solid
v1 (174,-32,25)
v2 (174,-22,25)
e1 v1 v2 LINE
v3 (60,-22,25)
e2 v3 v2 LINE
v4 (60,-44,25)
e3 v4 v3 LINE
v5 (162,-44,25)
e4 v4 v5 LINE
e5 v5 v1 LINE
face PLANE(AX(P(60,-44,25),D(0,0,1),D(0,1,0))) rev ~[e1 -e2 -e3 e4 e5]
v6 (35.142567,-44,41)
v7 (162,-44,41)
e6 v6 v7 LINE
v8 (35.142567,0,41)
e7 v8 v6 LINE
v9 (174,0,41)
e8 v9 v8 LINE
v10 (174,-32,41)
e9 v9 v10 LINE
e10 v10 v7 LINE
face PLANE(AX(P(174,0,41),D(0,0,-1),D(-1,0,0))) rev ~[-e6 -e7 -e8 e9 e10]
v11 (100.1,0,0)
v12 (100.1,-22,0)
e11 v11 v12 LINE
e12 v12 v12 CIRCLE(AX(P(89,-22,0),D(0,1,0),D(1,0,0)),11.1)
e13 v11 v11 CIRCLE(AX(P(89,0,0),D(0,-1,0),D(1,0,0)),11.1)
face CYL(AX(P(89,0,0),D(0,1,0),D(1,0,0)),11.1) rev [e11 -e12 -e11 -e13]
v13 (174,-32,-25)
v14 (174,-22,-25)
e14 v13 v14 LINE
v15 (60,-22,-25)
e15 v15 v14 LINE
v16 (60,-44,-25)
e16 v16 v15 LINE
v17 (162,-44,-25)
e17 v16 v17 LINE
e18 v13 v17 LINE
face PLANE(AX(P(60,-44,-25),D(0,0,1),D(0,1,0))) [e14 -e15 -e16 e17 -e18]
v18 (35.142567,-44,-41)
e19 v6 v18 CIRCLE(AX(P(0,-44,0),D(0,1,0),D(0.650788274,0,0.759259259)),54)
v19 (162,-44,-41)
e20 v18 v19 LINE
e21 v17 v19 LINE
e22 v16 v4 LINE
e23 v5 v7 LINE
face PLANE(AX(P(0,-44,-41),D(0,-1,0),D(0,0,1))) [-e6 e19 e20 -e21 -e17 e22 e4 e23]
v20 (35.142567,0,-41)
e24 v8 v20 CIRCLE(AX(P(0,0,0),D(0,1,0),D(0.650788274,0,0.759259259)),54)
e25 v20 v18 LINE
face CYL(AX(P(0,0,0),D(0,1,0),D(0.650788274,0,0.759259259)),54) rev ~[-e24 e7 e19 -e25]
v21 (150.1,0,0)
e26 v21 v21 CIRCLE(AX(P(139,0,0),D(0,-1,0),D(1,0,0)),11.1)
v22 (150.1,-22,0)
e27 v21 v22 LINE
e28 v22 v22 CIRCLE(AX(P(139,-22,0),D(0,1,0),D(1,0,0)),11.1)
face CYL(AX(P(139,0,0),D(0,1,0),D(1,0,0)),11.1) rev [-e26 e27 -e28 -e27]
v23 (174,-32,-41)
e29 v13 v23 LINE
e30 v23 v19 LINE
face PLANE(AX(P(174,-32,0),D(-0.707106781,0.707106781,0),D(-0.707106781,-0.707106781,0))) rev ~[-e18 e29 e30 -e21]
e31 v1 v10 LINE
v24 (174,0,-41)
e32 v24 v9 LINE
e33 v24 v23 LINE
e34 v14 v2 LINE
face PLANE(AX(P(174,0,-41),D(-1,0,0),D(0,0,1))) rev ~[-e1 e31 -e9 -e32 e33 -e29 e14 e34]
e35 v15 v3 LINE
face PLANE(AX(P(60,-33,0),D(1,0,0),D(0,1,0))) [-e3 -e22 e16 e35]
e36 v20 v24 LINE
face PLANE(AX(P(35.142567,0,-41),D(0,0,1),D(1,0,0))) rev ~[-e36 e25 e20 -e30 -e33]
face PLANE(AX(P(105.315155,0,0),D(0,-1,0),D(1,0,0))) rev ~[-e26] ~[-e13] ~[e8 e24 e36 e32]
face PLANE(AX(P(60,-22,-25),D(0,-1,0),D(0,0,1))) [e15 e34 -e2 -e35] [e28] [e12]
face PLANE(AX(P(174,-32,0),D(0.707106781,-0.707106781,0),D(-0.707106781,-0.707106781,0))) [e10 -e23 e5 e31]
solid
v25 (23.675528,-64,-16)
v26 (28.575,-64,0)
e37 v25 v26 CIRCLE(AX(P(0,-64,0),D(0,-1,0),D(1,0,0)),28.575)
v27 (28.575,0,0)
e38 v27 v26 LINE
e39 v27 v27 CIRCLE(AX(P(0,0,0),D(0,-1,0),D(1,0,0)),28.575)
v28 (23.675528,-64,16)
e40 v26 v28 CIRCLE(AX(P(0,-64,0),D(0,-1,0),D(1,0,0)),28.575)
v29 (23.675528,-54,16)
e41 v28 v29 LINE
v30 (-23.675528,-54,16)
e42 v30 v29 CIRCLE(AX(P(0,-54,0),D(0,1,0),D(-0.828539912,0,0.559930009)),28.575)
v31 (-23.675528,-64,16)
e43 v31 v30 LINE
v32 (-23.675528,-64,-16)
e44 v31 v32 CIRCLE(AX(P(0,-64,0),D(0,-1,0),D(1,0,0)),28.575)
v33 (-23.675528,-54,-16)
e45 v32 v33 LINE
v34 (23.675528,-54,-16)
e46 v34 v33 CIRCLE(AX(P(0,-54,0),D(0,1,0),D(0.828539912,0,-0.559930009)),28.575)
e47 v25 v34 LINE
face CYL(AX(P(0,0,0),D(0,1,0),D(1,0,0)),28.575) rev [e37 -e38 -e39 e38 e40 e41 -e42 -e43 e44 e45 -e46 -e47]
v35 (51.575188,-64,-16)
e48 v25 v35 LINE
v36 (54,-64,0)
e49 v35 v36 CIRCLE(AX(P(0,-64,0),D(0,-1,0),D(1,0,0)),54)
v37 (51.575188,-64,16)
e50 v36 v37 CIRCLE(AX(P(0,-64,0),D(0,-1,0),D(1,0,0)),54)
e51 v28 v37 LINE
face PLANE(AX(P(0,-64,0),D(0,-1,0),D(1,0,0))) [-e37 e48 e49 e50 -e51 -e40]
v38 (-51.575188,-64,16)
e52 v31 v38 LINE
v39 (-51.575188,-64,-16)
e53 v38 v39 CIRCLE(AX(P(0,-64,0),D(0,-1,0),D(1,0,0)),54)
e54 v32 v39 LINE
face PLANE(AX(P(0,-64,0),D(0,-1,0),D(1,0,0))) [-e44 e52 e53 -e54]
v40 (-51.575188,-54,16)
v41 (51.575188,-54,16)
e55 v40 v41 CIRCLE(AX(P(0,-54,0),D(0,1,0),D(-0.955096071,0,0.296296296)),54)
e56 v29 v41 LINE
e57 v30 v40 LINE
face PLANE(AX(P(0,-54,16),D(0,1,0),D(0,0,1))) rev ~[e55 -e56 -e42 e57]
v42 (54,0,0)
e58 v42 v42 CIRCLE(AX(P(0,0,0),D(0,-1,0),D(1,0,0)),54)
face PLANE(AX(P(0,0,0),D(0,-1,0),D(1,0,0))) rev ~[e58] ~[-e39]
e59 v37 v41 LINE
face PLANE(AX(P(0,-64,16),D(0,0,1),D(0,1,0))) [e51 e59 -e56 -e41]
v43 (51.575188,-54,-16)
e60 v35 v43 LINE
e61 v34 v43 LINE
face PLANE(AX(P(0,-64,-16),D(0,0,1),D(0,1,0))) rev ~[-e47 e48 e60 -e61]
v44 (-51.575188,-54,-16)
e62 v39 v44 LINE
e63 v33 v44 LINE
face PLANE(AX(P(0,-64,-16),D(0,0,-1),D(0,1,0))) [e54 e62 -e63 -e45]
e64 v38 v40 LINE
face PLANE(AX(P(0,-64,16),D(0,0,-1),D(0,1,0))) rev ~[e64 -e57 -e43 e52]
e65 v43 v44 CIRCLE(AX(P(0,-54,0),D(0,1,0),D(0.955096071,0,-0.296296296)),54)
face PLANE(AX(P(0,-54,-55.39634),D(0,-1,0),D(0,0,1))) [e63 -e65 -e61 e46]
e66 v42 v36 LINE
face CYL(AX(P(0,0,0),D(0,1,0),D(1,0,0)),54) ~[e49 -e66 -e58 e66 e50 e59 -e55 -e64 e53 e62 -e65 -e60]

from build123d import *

# Parameters (mm, degrees)
F0_R           = 54
F0_R_2         = 28.575
F1_DEPTH       = 64
F2_R           = 11.1
F3_DEPTH       = 64
F4_W           = 20
F4_H           = 82
F5_DEPTH       = 174.001
F6_W           = 10
F6_H           = 39.3963404596
F7_DEPTH       = 54.001
F7_DEPTH_BACK  = 174.001
F9_START       = 60
F8_W           = 22
F8_H           = 50
F9_DEPTH       = 114
F11_DEPTH      = 54.001
F11_DEPTH_BACK = 54.001


with BuildPart() as f1:
    # F0 (on Front) → F1 (new body)
    with BuildSketch(Plane.XZ):
        Circle(F0_R)
        Circle(F0_R_2, mode=Mode.SUBTRACT)
    extrude(amount=F1_DEPTH)

    # F6 (on Right) → F7 (cut, two sides)
    with BuildSketch(Plane.YZ) as f7_sk:
        Polygon((-64.0240318326, 54.6036595404), (-64, 16), (-54, 16), (-54, 54.6036595404), align=None)
        with Locations((-59, -35.6981702298)):
            Rectangle(F6_W, F6_H)
    extrude(amount=-F7_DEPTH, mode=Mode.SUBTRACT)
    extrude(f7_sk.sketch, amount=F7_DEPTH_BACK, mode=Mode.SUBTRACT)


with BuildPart() as f3:
    # F2 (on Front) → F3 (new body)
    with BuildSketch(Plane.XZ):
        with BuildLine():
            Line((174, 41), (35.1425667816, 41))
            ThreePointArc((35.1425667816, 41), (54, 0), (35.1425667816, -41))
            Line((35.1425667816, -41), (174, -41))
            Line((174, -41), (174, 41))
        make_face()
        with Locations((89, 0)):
            Circle(F2_R, mode=Mode.SUBTRACT)
        with Locations((139, 0)):
            Circle(F2_R, mode=Mode.SUBTRACT)
    extrude(amount=F3_DEPTH)

    # F4 (on Right) → F5 (cut, through all)
    with BuildSketch(Plane.YZ):
        with Locations((-54, 0)):
            Rectangle(F4_W, F4_H)
    extrude(amount=F5_DEPTH, mode=Mode.SUBTRACT)

    # F8 (on Right) → F9 (cut)
    with BuildSketch(Plane.YZ.offset(F9_START)):
        with Locations((-33, 0)):
            Rectangle(F8_W, F8_H)
    extrude(amount=F9_DEPTH, mode=Mode.SUBTRACT)

    # F10 (on Top) → F11 (cut, two sides)
    with BuildSketch(Plane.XY) as f11_sk:
        Polygon((162, -44), (174, -44), (174, -32), align=None)
    extrude(amount=F11_DEPTH, mode=Mode.SUBTRACT)
    extrude(f11_sk.sketch, amount=-F11_DEPTH_BACK, mode=Mode.SUBTRACT)


solid = Compound([f1.part, f3.part])
